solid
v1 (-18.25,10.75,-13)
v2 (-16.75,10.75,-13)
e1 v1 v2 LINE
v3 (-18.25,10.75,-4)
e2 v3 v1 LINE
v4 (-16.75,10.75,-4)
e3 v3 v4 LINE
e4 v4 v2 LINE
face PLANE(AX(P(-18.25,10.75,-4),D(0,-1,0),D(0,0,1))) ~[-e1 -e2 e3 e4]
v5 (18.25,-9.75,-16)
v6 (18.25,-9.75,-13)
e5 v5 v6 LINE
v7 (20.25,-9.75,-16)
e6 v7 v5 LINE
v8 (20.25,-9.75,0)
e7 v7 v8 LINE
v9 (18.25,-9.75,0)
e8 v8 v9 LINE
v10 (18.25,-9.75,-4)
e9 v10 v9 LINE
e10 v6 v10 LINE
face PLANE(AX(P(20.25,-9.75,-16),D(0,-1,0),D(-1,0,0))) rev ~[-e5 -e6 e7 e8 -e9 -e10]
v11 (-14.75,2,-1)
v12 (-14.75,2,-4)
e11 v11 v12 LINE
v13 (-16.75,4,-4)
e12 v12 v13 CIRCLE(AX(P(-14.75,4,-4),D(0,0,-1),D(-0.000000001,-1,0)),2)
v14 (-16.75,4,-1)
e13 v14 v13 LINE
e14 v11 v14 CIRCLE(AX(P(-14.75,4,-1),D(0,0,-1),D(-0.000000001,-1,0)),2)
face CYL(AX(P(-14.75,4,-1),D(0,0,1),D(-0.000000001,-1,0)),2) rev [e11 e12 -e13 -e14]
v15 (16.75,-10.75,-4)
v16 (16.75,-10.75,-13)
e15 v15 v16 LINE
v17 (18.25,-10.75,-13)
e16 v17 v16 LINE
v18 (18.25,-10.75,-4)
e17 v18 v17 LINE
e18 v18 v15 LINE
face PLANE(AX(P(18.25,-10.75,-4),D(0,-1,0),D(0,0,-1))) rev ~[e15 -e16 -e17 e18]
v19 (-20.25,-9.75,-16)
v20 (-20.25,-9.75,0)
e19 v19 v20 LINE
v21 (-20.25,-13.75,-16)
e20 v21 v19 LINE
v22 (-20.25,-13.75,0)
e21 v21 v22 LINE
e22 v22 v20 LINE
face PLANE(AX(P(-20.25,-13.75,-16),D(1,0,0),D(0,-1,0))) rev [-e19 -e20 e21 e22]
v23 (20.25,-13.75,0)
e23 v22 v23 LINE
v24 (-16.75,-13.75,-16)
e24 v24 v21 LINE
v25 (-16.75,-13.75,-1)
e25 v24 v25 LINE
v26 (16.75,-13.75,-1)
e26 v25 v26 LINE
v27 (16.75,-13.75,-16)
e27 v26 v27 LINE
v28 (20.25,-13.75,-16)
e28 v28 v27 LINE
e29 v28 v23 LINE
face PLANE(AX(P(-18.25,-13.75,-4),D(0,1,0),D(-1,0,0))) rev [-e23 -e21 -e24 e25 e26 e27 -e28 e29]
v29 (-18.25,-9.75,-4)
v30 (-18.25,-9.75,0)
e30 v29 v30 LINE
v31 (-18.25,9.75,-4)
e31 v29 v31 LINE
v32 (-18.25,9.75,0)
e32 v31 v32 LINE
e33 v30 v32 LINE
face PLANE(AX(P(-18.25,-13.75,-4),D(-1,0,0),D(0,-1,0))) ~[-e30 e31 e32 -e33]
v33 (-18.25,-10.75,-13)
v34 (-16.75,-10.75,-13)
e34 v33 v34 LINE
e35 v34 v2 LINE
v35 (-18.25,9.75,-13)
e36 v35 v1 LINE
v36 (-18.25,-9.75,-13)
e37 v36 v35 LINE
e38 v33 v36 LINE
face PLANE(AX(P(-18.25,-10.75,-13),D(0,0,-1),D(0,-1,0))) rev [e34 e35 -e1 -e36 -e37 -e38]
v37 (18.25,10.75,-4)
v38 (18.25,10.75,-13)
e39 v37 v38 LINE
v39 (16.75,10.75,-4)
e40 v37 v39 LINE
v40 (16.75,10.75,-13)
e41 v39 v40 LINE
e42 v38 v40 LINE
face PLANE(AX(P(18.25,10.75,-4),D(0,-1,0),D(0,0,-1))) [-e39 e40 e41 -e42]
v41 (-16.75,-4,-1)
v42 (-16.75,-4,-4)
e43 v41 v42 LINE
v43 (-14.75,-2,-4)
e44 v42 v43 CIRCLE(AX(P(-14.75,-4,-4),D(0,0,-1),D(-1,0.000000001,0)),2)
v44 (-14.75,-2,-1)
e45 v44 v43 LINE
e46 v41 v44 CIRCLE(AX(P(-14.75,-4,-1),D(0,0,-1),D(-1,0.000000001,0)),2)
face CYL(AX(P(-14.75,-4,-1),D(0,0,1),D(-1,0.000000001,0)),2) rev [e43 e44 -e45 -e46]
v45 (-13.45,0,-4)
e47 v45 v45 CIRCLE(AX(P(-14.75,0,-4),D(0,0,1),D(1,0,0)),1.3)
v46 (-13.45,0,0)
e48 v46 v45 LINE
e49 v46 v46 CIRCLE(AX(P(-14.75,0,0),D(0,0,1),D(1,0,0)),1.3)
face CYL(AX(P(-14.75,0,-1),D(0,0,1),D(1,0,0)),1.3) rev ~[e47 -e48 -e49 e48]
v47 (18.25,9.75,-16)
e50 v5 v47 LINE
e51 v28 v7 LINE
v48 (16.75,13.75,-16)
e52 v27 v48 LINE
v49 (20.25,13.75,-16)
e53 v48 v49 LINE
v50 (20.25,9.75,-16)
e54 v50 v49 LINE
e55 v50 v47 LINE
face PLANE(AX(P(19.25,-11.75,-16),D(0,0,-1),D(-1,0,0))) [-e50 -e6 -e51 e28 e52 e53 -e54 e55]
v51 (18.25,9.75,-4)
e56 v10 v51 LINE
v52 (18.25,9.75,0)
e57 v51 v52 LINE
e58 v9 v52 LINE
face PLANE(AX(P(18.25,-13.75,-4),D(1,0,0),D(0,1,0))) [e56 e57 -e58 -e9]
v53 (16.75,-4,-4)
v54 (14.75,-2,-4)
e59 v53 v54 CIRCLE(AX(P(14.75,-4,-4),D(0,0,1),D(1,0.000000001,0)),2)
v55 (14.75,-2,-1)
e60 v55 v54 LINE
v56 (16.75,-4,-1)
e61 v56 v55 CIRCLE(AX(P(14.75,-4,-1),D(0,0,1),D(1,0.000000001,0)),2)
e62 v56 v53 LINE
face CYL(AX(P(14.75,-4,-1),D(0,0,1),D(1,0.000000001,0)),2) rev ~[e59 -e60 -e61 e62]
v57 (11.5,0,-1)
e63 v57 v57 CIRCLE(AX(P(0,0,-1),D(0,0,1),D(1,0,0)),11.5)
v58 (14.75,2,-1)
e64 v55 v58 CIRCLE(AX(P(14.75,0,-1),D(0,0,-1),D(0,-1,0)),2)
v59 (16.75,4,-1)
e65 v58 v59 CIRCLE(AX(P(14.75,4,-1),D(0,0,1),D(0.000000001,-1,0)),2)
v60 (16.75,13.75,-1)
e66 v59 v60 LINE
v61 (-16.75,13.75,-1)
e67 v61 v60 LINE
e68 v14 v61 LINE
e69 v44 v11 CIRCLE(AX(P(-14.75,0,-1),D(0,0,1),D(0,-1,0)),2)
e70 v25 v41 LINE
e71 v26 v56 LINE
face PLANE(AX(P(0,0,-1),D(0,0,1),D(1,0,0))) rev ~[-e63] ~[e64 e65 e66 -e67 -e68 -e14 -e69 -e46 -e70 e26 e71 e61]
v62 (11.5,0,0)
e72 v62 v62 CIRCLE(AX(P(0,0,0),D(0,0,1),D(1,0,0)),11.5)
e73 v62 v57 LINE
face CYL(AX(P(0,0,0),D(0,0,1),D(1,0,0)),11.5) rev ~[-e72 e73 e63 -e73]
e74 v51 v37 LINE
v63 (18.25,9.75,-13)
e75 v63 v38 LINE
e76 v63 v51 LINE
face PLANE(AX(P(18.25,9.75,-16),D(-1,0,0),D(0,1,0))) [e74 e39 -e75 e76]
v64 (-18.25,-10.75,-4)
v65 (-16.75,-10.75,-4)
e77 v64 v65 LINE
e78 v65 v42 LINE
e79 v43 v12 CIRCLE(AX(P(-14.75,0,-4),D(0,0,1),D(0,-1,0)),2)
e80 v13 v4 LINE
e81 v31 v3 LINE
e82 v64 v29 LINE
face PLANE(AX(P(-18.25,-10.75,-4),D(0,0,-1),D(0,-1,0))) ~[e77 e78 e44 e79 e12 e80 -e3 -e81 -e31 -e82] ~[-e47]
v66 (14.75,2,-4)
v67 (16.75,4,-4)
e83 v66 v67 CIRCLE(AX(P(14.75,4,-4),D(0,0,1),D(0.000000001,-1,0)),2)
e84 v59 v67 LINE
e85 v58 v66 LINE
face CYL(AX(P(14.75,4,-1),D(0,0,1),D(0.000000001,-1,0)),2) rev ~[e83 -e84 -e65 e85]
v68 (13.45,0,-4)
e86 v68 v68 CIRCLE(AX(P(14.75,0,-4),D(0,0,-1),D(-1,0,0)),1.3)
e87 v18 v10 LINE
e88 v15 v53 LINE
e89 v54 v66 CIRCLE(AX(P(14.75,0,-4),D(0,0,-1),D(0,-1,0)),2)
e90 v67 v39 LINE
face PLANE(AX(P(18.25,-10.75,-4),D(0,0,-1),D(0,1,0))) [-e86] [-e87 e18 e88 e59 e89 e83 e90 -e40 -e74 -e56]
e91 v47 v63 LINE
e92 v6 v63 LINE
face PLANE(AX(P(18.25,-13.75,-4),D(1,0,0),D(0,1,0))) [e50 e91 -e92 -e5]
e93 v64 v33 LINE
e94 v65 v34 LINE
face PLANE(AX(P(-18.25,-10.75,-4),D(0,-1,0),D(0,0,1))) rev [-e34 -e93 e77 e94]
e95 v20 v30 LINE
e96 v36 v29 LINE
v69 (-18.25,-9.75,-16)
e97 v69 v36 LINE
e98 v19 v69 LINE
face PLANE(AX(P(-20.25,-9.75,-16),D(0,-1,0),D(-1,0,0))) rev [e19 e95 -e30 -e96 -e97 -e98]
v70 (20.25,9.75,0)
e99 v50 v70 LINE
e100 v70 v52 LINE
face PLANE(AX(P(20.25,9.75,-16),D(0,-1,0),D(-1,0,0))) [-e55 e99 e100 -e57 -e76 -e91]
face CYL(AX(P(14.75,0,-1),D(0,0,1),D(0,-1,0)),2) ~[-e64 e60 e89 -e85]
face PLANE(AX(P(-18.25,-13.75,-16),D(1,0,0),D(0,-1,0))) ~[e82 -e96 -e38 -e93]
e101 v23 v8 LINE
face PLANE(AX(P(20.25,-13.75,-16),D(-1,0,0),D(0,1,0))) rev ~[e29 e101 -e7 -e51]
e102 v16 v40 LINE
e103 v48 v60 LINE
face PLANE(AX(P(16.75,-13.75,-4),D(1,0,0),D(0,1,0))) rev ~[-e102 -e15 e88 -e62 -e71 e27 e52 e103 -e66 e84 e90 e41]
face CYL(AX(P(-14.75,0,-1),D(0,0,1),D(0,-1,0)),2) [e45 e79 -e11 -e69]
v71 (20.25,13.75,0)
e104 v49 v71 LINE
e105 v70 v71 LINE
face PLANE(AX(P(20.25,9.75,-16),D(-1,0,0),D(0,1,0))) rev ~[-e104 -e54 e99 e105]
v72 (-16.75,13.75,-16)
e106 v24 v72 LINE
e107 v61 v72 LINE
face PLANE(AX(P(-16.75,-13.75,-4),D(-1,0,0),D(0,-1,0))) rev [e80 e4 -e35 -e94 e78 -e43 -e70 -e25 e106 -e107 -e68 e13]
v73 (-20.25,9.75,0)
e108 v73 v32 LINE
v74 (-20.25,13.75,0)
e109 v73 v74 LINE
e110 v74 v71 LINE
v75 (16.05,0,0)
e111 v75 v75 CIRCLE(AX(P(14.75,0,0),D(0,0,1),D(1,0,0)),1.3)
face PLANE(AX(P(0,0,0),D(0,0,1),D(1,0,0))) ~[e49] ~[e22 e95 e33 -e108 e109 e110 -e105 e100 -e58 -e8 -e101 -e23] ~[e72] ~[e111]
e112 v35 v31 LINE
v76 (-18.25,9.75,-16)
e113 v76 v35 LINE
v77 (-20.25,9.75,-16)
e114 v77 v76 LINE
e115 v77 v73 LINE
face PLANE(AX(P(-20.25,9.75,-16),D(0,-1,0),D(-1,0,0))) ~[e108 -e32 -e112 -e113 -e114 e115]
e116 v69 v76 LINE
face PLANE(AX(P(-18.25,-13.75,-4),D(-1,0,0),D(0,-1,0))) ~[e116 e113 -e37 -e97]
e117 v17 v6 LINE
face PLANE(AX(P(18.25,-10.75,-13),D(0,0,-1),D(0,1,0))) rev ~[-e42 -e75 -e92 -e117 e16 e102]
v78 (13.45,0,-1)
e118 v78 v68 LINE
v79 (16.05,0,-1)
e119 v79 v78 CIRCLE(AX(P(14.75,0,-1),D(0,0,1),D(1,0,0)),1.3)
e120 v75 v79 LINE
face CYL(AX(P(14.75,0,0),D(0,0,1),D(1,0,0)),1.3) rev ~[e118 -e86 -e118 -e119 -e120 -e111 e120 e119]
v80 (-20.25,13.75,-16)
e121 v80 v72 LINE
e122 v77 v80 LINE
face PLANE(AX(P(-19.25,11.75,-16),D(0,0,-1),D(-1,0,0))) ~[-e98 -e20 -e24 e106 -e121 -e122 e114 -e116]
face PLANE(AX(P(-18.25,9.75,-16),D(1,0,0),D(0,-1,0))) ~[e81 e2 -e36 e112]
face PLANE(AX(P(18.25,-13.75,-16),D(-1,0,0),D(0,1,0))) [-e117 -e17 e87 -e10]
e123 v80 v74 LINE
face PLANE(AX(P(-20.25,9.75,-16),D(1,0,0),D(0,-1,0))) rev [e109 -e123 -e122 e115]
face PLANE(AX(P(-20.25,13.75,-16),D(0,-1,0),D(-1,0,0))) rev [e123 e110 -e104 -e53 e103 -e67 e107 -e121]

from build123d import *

# Parameters (mm, degrees)
SKETCH2_W           = 36.5
SKETCH2_H           = 27.5
SKETCH2_R           = 11.5
SKETCH2_R_2         = 1.3
BOSS_EXTRUDE1_DEPTH = 1
SKETCH4_R           = 1.3
BOSS_EXTRUDE2_DEPTH = 3
SKETCH5_W           = 1.5
SKETCH5_H           = 27.5
BOSS_EXTRUDE3_DEPTH = 12
SKETCH6_W           = 9
SKETCH6_H           = 21.5
CUT_EXTRUDE1_DEPTH  = 1.5
BOSS_EXTRUDE4_REACH = 29.895
SKETCH7_W           = 2
SKETCH7_H           = 4


with BuildPart() as part:
    # Sketch2 → Boss-Extrude1 (new body)
    with BuildSketch(Plane.XY):
        Rectangle(SKETCH2_W, SKETCH2_H)
        Circle(SKETCH2_R, mode=Mode.SUBTRACT)
        with Locations((-14.75, 0)):
            Circle(SKETCH2_R_2, mode=Mode.SUBTRACT)
        with Locations((14.75, 0)):
            Circle(SKETCH2_R_2, mode=Mode.SUBTRACT)
    extrude(amount=-BOSS_EXTRUDE1_DEPTH)

    # Sketch4 → Boss-Extrude2 (add)
    with BuildSketch(Plane(origin=(0, 0, -1), x_dir=(-1, 0, 0), z_dir=(0, 0, -1))):
        with BuildLine():
            Line((-16.75, 4), (-16.75, 13.75))
            Line((-16.75, 13.75), (-18.25, 13.75))
            Line((-18.25, 13.75), (-18.25, -13.75))
            Line((-18.25, -13.75), (-16.75, -13.75))
            Line((-16.75, -13.75), (-16.75, -4))
            ThreePointArc((-16.75, -4), (-16.164213562, -2.585786438), (-14.75, -2))
            ThreePointArc((-14.75, -2), (-12.75, 0), (-14.75, 2))
            ThreePointArc((-14.75, 2), (-16.164213562, 2.585786438), (-16.75, 4))
        make_face()
        with Locations((-14.75, 0)):
            Circle(SKETCH4_R, mode=Mode.SUBTRACT)
    boss_extrude2 = extrude(amount=BOSS_EXTRUDE2_DEPTH)

    # Sketch5 → Boss-Extrude3 (add)
    with BuildSketch(Plane(origin=(0, 0, -4), x_dir=(-1, 0, 0), z_dir=(0, 0, -1))):
        with Locations((-17.5, 0)):
            Rectangle(SKETCH5_W, SKETCH5_H)
    boss_extrude3 = extrude(amount=BOSS_EXTRUDE3_DEPTH)

    # Sketch6 → Cut-Extrude1 (cut)
    with BuildSketch(Plane(origin=(18.25, 0, 0), x_dir=(0, 0, -1), z_dir=(1, 0, 0))):
        with Locations((8.5, 0)):
            Rectangle(SKETCH6_W, SKETCH6_H)
    cut_extrude1 = extrude(amount=-CUT_EXTRUDE1_DEPTH, mode=Mode.SUBTRACT)

    # Boss-Extrude4: up to this face of the body (flat: up to its plane)
    boss_extrude4_end = Plane(part.part.faces().sort_by_distance((-17.792998906, 0, 0))[0])
    # Sketch7 → Boss-Extrude4 (add, up to the picked face)
    with BuildSketch(Plane(origin=(0, 0, -16), x_dir=(-1, 0, 0), z_dir=(0, 0, -1)), mode=Mode.PRIVATE) as boss_extrude4_sk1:
        with Locations((-19.25, 11.75)):
            Rectangle(SKETCH7_W, SKETCH7_H)
    boss_extrude4_tool1 = split(extrude(boss_extrude4_sk1.sketch, amount=-BOSS_EXTRUDE4_REACH, mode=Mode.PRIVATE), bisect_by=boss_extrude4_end, keep=Keep.BOTH, mode=Mode.PRIVATE)
    # Sketch7 → Boss-Extrude4 (add, up to the picked face)
    with BuildSketch(Plane(origin=(0, 0, -16), x_dir=(-1, 0, 0), z_dir=(0, 0, -1)), mode=Mode.PRIVATE) as boss_extrude4_sk2:
        with Locations((-19.25, -11.75)):
            Rectangle(SKETCH7_W, SKETCH7_H)
    boss_extrude4_tool2 = split(extrude(boss_extrude4_sk2.sketch, amount=-BOSS_EXTRUDE4_REACH, mode=Mode.PRIVATE), bisect_by=boss_extrude4_end, keep=Keep.BOTH, mode=Mode.PRIVATE)
    boss_extrude4_1 = boss_extrude4_tool1.solids().sort_by(Axis((19.25, 11.75, -16), (0, 0, 1)))[0]
    add(boss_extrude4_1)
    boss_extrude4_2 = boss_extrude4_tool2.solids().sort_by(Axis((19.25, -11.75, -16), (0, 0, 1)))[0]
    add(boss_extrude4_2)
    boss_extrude4 = boss_extrude4_1 + boss_extrude4_2  # Boss-Extrude4 as one shape, for the pattern or mirror that repeats it

    # Mirror1: Boss-Extrude2, Boss-Extrude3, Cut-Extrude1, Boss-Extrude4 across plane
    add(boss_extrude2.mirror(Plane(origin=(0, 0, 0), x_dir=(0, 0, 1), z_dir=(1, 0, 0))))
    add(boss_extrude3.mirror(Plane(origin=(0, 0, 0), x_dir=(0, 0, 1), z_dir=(1, 0, 0))))
    add(cut_extrude1.mirror(Plane(origin=(0, 0, 0), x_dir=(0, 0, 1), z_dir=(1, 0, 0))), mode=Mode.SUBTRACT)
    add(boss_extrude4.mirror(Plane(origin=(0, 0, 0), x_dir=(0, 0, 1), z_dir=(1, 0, 0))))


solid = part.part
